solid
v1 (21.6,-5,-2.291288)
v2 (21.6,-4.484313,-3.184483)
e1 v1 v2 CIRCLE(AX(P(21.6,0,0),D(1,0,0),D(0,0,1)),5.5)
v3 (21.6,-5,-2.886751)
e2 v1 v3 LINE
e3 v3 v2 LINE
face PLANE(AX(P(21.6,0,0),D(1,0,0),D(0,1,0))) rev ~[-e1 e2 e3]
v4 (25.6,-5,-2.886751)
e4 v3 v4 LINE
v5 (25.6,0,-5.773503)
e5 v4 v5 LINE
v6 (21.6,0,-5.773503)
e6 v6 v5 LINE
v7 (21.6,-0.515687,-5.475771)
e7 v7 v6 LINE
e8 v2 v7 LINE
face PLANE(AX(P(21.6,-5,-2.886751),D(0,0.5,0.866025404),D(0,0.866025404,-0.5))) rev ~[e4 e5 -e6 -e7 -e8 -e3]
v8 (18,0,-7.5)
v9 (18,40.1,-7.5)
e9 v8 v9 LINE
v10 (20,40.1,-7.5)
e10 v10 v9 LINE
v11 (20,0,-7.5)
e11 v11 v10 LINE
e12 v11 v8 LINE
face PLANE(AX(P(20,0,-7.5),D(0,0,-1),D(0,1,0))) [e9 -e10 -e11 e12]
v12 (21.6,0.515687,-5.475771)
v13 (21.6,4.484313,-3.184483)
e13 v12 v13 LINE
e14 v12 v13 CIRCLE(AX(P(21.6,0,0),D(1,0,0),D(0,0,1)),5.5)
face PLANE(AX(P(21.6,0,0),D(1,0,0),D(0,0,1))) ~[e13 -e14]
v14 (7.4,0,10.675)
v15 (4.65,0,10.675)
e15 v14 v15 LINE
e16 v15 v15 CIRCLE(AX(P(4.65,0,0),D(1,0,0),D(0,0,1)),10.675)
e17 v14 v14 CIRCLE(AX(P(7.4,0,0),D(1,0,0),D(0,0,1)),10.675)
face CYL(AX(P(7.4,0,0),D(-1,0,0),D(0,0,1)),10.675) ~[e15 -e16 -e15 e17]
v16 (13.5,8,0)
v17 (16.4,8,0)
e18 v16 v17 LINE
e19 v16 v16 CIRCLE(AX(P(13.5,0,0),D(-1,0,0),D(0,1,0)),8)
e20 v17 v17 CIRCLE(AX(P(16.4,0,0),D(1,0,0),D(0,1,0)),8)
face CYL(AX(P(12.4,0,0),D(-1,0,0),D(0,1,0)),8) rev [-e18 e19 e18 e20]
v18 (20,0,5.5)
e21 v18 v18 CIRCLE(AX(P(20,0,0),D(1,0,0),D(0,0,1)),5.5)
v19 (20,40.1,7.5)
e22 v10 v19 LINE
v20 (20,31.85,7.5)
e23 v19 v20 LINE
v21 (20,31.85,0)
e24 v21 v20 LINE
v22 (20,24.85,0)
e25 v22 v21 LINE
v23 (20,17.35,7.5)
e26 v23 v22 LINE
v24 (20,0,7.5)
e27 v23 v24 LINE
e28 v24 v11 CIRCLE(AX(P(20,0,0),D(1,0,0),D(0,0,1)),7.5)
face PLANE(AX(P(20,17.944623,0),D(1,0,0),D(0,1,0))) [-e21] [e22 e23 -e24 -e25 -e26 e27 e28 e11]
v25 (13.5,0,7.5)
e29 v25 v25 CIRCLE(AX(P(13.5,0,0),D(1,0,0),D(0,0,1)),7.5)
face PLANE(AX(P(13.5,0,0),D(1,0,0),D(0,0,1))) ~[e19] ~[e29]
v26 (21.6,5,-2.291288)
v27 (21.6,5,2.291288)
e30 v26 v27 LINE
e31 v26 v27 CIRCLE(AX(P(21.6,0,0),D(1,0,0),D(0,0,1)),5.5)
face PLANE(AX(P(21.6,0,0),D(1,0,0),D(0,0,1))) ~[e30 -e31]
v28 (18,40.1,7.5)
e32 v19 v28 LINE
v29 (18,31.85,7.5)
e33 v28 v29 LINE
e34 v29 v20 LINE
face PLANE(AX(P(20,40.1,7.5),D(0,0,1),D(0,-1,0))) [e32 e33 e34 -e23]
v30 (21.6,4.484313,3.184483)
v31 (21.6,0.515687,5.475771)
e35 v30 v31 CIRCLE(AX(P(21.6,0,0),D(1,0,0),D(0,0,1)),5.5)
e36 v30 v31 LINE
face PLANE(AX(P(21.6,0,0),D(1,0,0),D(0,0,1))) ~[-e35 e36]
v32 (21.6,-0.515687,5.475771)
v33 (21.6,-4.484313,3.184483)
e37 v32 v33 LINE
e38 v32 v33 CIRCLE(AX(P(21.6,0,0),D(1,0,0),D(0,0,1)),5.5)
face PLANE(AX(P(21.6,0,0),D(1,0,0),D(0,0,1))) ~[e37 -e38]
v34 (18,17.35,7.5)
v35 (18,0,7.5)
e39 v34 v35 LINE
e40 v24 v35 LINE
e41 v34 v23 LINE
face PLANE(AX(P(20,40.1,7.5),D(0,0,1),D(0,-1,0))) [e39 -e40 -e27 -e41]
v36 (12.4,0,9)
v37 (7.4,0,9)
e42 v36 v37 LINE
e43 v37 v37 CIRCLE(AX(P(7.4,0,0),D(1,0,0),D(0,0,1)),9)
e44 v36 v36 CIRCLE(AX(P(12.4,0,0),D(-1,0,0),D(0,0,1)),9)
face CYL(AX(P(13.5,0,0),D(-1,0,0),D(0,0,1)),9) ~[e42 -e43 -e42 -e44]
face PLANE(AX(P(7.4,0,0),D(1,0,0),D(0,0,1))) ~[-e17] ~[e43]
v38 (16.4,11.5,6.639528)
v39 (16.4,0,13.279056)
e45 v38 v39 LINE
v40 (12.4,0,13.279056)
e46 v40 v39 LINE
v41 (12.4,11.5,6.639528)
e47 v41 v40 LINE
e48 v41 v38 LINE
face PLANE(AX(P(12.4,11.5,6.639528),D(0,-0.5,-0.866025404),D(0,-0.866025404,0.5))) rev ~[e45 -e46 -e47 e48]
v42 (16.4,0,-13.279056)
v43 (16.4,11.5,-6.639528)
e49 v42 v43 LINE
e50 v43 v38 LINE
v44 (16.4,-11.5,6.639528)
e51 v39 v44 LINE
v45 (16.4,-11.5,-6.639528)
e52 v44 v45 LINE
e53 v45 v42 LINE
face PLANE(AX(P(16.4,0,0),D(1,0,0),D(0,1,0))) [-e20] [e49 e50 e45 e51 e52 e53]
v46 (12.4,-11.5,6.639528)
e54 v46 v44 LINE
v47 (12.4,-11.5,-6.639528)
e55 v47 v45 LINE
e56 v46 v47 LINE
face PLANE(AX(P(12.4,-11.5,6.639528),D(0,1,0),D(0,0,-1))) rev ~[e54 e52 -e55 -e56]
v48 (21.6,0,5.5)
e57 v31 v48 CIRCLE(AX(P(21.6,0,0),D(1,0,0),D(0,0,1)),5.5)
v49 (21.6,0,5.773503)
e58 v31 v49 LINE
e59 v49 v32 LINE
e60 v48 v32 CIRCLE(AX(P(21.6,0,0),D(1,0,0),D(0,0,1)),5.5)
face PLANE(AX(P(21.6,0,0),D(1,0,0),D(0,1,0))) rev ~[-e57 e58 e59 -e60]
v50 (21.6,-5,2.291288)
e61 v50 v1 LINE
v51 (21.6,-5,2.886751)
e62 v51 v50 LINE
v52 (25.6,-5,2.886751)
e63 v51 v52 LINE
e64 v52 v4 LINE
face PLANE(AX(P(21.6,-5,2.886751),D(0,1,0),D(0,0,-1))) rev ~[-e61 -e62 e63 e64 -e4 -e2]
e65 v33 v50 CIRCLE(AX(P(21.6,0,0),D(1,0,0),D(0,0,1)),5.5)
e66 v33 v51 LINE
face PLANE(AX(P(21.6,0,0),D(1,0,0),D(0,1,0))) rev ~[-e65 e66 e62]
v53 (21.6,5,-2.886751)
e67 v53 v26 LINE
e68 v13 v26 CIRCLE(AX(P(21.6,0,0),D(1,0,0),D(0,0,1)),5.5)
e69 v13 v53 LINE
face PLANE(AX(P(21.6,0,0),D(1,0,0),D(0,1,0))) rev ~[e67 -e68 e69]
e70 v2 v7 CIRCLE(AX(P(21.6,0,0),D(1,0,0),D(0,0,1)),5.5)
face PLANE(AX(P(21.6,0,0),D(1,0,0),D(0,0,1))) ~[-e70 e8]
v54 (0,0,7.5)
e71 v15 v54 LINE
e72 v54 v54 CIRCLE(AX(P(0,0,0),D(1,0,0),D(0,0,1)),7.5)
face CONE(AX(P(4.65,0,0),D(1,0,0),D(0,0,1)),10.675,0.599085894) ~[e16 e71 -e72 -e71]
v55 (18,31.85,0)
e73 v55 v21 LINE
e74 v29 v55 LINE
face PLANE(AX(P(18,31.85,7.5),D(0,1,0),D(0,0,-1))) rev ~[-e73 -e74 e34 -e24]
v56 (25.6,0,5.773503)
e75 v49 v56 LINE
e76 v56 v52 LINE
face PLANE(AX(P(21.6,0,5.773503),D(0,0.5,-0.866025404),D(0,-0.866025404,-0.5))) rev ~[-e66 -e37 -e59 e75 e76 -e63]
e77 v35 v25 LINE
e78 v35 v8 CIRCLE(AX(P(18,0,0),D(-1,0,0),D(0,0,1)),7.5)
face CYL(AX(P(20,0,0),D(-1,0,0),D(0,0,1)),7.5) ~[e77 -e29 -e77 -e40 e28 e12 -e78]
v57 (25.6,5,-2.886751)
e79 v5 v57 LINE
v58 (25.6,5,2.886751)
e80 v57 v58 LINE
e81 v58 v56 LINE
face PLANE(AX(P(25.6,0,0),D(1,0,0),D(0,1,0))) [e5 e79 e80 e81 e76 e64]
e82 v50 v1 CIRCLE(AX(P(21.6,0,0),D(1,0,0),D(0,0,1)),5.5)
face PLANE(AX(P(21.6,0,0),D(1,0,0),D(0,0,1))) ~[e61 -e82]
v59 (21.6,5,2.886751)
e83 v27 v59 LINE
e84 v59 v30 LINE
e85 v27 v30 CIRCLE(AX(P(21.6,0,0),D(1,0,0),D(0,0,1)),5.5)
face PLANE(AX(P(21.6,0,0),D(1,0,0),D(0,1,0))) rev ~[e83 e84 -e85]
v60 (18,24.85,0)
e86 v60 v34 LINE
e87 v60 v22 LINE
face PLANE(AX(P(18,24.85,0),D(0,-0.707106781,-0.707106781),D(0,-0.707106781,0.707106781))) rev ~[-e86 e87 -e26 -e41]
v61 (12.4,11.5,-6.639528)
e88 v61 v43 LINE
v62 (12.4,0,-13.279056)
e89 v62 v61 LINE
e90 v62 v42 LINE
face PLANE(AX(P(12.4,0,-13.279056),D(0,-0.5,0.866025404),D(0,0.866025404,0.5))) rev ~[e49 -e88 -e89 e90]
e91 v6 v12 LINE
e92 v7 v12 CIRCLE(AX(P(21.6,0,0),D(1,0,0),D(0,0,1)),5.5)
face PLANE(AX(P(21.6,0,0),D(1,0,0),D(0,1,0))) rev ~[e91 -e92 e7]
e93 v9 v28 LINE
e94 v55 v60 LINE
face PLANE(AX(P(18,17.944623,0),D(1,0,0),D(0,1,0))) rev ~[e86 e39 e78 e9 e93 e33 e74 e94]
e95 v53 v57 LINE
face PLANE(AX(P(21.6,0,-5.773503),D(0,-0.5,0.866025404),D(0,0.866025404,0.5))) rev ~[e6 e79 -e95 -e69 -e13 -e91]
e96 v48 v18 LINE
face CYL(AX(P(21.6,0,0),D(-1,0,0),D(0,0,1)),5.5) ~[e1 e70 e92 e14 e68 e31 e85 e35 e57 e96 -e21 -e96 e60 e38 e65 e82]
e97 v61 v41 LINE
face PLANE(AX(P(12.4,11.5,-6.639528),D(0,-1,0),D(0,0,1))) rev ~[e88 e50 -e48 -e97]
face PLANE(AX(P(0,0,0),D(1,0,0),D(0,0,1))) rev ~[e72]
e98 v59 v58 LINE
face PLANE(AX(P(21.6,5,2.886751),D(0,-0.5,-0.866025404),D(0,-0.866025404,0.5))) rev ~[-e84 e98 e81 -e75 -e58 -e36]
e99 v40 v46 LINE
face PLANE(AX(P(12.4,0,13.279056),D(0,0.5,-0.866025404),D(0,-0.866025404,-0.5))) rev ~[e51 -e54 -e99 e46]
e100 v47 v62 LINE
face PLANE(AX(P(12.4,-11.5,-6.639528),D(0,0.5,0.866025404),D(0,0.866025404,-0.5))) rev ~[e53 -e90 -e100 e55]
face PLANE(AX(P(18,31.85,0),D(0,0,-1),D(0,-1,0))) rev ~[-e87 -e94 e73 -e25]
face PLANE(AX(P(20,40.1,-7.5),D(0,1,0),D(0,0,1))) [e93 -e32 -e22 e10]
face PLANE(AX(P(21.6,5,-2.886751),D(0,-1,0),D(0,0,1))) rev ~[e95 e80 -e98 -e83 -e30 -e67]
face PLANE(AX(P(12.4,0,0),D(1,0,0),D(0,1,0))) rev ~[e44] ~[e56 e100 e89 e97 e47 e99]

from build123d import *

# Parameters (mm, degrees)
F4_R      = 8
F5_DEPTH  = 4
F7_DEPTH  = 2
F9_DEPTH  = 4
F11_DEPTH = 25


with BuildPart() as f1:
    # F0 (on Front) → F1 (revolve)
    with BuildSketch(Plane.XZ):
        Polygon((0, 7.5), (0, 0), (21.6, 0), (21.6, 5.5), (20, 5.5), (20, 7.5), (13.5, 7.5), (13.5, 9), (7.4, 9), (7.4, 10.675), (4.65, 10.675), align=None)
    revolve(axis=Axis((10.8, 0, 0), (1, 0, 0)))

    # F4 (on offset) → F5 (join)
    with BuildSketch(Plane.YZ.offset(12.4)):
        Polygon((11.5, 6.6395280957), (0, 13.2790561914), (-11.5, 6.6395280957), (-11.5, -6.6395280957), (0, -13.2790561914), (11.5, -6.6395280957), align=None)
        Circle(F4_R, mode=Mode.SUBTRACT)
    extrude(amount=F5_DEPTH)

    # F6 (on face) → F7 (join)
    with BuildSketch(Plane.YZ.offset(20)):
        with BuildLine():
            Line((40.1, 7.5), (0, 7.5))
            ThreePointArc((0, 7.5), (-7.5, 0), (0, -7.5))
            Line((0, -7.5), (40.1, -7.5))
            Line((40.1, -7.5), (40.1, 7.5))
        make_face()
    extrude(amount=-F7_DEPTH)

    # F8 (on face) → F9 (join)
    with BuildSketch(Plane.YZ.offset(21.6)):
        Polygon((5, -2.8867513459), (5, 2.8867513459), (0, 5.7735026919), (-5, 2.8867513459), (-5, -2.8867513459), (0, -5.7735026919), align=None)
    extrude(amount=F9_DEPTH)

    # F10 (on face) → F11 (cut)
    with BuildSketch(Plane(origin=(18, 0, 0), x_dir=(0, -1, 0), z_dir=(-1, 0, 0))):
        Polygon((-17.35, 7.5), (-31.85, 7.5), (-31.85, 0), (-24.85, 0), align=None)
    extrude(amount=-F11_DEPTH, mode=Mode.SUBTRACT)


solid = f1.part
